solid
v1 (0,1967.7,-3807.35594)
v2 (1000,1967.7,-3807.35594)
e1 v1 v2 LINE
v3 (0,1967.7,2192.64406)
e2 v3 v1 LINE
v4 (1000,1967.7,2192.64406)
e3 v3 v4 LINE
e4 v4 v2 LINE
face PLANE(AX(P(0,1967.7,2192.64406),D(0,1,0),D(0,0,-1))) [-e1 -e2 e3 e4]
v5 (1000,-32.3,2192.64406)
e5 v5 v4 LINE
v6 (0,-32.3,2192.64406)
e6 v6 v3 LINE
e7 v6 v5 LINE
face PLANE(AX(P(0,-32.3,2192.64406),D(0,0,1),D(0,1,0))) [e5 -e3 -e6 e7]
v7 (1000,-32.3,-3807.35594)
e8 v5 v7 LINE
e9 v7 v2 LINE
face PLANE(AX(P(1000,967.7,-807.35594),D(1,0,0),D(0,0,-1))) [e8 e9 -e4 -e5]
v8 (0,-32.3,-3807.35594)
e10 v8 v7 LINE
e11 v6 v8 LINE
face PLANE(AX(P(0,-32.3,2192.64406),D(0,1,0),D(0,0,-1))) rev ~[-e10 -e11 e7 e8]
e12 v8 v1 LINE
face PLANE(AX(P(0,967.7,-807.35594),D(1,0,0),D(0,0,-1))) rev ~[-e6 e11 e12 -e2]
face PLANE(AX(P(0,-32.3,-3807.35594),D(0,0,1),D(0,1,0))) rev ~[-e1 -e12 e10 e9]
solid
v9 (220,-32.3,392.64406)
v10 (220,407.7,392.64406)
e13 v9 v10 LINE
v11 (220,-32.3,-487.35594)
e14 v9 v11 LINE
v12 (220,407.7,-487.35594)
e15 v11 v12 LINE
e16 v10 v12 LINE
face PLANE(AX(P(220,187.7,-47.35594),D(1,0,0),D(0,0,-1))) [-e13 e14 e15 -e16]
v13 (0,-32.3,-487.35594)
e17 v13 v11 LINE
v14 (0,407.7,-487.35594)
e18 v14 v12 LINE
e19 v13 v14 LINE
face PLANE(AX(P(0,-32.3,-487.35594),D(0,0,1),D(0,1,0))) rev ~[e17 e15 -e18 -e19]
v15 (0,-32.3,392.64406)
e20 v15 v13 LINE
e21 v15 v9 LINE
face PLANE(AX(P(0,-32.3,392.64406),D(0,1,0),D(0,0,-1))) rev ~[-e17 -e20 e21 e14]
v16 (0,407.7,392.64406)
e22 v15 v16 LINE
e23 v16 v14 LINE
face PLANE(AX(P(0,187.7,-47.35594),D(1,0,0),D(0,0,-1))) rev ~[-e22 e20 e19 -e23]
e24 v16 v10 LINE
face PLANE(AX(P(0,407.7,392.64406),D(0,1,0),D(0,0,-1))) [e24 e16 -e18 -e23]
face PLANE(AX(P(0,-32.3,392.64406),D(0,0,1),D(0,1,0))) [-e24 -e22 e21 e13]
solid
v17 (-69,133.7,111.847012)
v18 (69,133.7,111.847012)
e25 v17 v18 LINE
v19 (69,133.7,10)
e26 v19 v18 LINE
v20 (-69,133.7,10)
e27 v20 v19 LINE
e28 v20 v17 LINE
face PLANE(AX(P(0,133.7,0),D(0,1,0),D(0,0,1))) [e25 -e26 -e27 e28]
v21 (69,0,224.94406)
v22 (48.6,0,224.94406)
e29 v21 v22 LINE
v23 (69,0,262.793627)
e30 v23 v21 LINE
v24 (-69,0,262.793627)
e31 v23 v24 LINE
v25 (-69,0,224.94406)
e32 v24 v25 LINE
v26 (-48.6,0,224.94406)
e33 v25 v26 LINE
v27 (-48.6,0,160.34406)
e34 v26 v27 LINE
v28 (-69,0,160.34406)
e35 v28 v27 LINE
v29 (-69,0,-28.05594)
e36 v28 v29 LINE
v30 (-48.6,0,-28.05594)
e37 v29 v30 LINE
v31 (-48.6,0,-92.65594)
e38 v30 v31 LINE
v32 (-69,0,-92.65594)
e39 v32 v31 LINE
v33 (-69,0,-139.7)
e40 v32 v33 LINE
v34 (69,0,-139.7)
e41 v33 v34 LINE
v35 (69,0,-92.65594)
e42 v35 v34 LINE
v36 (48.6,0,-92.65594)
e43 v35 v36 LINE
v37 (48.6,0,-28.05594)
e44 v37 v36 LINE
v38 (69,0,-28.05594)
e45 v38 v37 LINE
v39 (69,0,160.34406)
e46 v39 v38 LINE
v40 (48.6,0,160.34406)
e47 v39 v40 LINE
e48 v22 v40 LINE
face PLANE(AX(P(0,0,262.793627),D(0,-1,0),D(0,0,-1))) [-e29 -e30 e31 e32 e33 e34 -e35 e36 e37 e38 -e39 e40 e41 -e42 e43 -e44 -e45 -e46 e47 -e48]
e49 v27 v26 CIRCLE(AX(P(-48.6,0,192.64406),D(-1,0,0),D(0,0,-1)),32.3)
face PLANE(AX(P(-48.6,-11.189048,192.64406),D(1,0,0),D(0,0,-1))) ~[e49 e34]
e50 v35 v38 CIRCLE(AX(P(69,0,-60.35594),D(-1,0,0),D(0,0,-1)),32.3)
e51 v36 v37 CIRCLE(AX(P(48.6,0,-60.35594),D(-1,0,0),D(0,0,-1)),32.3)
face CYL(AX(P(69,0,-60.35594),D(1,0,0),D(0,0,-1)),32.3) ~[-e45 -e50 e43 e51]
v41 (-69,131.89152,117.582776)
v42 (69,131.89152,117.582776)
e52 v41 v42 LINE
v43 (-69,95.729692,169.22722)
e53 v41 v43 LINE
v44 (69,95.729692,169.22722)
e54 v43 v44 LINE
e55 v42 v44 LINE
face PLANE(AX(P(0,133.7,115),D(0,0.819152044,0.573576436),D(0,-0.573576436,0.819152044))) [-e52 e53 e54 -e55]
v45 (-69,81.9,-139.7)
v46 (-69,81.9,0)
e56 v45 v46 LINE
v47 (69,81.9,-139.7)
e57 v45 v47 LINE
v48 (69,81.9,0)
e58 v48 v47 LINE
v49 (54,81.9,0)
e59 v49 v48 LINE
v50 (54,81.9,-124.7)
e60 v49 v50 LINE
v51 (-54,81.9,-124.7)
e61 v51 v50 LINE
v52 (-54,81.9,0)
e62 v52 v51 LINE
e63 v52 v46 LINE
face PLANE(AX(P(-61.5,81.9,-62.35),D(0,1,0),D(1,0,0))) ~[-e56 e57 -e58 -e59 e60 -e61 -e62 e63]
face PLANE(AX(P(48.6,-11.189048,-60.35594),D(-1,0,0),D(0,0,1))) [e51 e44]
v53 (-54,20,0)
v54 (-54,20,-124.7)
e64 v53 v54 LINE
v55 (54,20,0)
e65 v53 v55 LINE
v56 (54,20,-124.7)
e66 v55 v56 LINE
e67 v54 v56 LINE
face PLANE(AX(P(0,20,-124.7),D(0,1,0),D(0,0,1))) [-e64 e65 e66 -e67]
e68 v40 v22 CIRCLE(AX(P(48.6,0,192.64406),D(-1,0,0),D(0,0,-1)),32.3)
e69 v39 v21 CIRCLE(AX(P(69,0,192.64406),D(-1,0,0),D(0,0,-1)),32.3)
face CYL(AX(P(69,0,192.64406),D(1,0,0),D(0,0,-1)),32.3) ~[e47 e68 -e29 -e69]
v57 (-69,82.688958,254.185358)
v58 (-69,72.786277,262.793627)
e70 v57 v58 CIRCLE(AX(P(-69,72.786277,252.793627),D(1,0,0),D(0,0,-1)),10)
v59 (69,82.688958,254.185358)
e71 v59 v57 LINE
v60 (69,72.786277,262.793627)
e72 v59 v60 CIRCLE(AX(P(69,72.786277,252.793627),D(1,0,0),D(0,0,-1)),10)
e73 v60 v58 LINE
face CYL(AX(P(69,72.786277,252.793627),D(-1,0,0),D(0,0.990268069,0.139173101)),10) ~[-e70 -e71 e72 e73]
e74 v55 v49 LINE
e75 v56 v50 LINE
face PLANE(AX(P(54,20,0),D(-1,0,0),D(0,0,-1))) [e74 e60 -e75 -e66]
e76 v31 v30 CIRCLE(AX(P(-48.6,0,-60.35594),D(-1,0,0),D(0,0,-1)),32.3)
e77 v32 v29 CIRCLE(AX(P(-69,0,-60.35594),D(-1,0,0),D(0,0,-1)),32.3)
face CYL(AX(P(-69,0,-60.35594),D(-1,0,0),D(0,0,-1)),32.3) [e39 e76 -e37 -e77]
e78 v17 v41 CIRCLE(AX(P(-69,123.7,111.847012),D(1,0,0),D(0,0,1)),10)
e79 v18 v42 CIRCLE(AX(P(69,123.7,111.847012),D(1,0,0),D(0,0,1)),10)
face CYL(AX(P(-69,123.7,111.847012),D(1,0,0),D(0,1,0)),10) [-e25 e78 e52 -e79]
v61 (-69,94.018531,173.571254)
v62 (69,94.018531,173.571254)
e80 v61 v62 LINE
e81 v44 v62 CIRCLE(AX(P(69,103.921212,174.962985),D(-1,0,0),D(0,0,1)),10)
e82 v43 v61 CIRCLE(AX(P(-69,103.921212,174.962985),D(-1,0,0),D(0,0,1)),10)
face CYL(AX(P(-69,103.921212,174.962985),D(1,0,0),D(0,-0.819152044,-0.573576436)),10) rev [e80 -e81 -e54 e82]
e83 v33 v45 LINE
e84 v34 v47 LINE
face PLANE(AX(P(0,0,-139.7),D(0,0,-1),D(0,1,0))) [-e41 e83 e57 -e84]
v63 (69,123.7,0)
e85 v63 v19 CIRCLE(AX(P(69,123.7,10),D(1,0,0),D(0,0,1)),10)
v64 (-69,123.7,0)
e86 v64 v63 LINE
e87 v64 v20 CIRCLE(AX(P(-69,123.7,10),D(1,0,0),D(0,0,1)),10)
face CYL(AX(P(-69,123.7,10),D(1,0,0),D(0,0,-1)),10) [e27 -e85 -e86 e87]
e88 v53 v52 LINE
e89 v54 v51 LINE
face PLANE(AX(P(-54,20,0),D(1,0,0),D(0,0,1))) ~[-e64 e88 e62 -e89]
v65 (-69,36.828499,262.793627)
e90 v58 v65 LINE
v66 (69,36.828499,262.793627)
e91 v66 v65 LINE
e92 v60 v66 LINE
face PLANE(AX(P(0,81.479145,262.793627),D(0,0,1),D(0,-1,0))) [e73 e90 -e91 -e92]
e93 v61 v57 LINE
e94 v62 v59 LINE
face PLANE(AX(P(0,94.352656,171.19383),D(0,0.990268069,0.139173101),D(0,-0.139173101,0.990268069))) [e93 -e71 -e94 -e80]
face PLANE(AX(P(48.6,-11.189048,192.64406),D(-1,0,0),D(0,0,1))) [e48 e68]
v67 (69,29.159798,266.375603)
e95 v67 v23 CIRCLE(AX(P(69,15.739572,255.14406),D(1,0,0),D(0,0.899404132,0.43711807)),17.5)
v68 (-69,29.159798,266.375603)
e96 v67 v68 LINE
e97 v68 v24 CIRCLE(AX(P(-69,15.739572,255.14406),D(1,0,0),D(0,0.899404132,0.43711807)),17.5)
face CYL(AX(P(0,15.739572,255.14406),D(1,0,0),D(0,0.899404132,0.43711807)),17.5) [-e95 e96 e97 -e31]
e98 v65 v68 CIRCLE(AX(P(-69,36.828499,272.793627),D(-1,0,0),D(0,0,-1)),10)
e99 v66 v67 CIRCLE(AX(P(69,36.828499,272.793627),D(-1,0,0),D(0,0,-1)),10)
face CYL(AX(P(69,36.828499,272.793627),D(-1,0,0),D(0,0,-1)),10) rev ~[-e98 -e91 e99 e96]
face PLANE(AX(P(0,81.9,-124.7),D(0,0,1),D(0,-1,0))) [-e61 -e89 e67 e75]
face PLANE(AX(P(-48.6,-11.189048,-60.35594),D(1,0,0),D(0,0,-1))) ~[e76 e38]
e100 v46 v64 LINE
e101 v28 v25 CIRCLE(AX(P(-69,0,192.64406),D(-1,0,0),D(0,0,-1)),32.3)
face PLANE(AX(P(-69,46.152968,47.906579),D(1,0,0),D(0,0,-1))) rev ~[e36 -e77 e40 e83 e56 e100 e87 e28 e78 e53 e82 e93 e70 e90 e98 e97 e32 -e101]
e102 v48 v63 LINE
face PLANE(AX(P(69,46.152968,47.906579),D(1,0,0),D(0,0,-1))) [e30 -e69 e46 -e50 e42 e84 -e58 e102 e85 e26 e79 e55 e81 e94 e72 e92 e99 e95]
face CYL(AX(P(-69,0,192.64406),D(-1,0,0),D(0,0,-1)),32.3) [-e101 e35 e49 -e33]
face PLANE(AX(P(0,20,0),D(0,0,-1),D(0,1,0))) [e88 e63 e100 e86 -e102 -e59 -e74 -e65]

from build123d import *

# Parameters (mm, degrees)
BOSS_EXTRUDE1_DEPTH = 69
SKETCH4_W           = 15
SKETCH4_H           = 124.7
BOSS_EXTRUDE2_DEPTH = 61.9
BOSS_EXTRUDE3_DEPTH = 20.4
FILLET1_R           = 10
SKETCH6_W           = 6000
SKETCH6_H           = 2000
BOSS_EXTRUDE4_DEPTH = 1000
SKETCH8_W           = 880
SKETCH8_H           = 440
BOSS_EXTRUDE5_DEPTH = 220


with BuildPart() as part:
    # Sketch2 → Boss-Extrude1 (new body, symmetric)
    with BuildSketch(Plane(origin=(0, 0, 0), x_dir=(0, 0, -1), z_dir=(1, 0, 0))):
        with BuildLine():
            Line((-262.793626597, 0), (0, 0))
            Line((0, 0), (139.7, 0))
            Line((139.7, 0), (139.7, 81.9))
            Line((139.7, 81.9), (124.7, 81.9))
            Line((124.7, 81.9), (124.7, 20))
            Line((124.7, 20), (0, 20))
            Line((0, 20), (0, 133.7))
            Line((0, 133.7), (-115, 133.7))
            Line((-115, 133.7), (-171.193830238, 94.352656466))
            Line((-171.193830238, 94.352656466), (-262.793626597, 81.479144628))
            Line((-262.793626597, 81.479144628), (-262.793626597, 31.479144628))
            ThreePointArc((-262.793626597, 31.479144628), (-272.644060375, 15.739572314), (-262.793626597, 0))
        make_face()
    extrude(amount=BOSS_EXTRUDE1_DEPTH, both=True)

    # Sketch4 → Boss-Extrude2 (add)
    with BuildSketch(Plane(origin=(0, 20, 0), x_dir=(1, 0, 0), z_dir=(0, 1, 0))):
        with Locations((61.5, 62.35)):
            Rectangle(SKETCH4_W, SKETCH4_H)
    boss_extrude2 = extrude(amount=BOSS_EXTRUDE2_DEPTH)

    # Mirror1: Boss-Extrude2 across plane
    add(boss_extrude2.mirror(Plane(origin=(0, 0, 0), x_dir=(0, 0, 1), z_dir=(1, 0, 0))))

    # Sketch5 → Boss-Extrude3 (add)
    with BuildSketch(Plane(origin=(69, 0, 0), x_dir=(0, 0, -1), z_dir=(1, 0, 0))):
        with BuildLine():
            Line((-224.944060375, 0), (-160.344060375, 0))
            ThreePointArc((-160.344060375, 0), (-192.644060375, -32.3), (-224.944060375, 0))
        make_face()
        with BuildLine():
            Line((28.055939625, 0), (92.655939625, 0))
            ThreePointArc((92.655939625, 0), (60.355939625, -32.3), (28.055939625, 0))
        make_face()
    boss_extrude3 = extrude(amount=-BOSS_EXTRUDE3_DEPTH)

    # Mirror2: Boss-Extrude3 across plane
    add(boss_extrude3.mirror(Plane(origin=(0, 0, 0), x_dir=(0, 0, 1), z_dir=(1, 0, 0))))

    # Fillet1
    fillet1_edges = [part.edges().sort_by_distance(p)[0] for p in [
        (0, 31.479144628, 262.793626597),
        (0, 81.479144628, 262.793626597),
        (0, 94.352656466, 171.193830238),
        (0, 133.7, 115),
        (0, 133.7, 0),
    ]]
    fillet(fillet1_edges, radius=FILLET1_R)


with BuildPart() as body_2:
    # Sketch6 → Boss-Extrude4 (new body)
    with BuildSketch(Plane(origin=(0, 0, 0), x_dir=(0, 0, -1), z_dir=(1, 0, 0))):
        with Locations((807.355939625, 967.7)):
            Rectangle(SKETCH6_W, SKETCH6_H)
    extrude(amount=BOSS_EXTRUDE4_DEPTH)


with BuildPart() as body_3:
    # Sketch8 → Boss-Extrude5 (new body)
    with BuildSketch(Plane(origin=(0, 0, 0), x_dir=(0, 0, -1), z_dir=(1, 0, 0))):
        with Locations((47.355939625, 187.7)):
            Rectangle(SKETCH8_W, SKETCH8_H)
    extrude(amount=BOSS_EXTRUDE5_DEPTH)


solid = Compound([part.part, body_2.part, body_3.part])
